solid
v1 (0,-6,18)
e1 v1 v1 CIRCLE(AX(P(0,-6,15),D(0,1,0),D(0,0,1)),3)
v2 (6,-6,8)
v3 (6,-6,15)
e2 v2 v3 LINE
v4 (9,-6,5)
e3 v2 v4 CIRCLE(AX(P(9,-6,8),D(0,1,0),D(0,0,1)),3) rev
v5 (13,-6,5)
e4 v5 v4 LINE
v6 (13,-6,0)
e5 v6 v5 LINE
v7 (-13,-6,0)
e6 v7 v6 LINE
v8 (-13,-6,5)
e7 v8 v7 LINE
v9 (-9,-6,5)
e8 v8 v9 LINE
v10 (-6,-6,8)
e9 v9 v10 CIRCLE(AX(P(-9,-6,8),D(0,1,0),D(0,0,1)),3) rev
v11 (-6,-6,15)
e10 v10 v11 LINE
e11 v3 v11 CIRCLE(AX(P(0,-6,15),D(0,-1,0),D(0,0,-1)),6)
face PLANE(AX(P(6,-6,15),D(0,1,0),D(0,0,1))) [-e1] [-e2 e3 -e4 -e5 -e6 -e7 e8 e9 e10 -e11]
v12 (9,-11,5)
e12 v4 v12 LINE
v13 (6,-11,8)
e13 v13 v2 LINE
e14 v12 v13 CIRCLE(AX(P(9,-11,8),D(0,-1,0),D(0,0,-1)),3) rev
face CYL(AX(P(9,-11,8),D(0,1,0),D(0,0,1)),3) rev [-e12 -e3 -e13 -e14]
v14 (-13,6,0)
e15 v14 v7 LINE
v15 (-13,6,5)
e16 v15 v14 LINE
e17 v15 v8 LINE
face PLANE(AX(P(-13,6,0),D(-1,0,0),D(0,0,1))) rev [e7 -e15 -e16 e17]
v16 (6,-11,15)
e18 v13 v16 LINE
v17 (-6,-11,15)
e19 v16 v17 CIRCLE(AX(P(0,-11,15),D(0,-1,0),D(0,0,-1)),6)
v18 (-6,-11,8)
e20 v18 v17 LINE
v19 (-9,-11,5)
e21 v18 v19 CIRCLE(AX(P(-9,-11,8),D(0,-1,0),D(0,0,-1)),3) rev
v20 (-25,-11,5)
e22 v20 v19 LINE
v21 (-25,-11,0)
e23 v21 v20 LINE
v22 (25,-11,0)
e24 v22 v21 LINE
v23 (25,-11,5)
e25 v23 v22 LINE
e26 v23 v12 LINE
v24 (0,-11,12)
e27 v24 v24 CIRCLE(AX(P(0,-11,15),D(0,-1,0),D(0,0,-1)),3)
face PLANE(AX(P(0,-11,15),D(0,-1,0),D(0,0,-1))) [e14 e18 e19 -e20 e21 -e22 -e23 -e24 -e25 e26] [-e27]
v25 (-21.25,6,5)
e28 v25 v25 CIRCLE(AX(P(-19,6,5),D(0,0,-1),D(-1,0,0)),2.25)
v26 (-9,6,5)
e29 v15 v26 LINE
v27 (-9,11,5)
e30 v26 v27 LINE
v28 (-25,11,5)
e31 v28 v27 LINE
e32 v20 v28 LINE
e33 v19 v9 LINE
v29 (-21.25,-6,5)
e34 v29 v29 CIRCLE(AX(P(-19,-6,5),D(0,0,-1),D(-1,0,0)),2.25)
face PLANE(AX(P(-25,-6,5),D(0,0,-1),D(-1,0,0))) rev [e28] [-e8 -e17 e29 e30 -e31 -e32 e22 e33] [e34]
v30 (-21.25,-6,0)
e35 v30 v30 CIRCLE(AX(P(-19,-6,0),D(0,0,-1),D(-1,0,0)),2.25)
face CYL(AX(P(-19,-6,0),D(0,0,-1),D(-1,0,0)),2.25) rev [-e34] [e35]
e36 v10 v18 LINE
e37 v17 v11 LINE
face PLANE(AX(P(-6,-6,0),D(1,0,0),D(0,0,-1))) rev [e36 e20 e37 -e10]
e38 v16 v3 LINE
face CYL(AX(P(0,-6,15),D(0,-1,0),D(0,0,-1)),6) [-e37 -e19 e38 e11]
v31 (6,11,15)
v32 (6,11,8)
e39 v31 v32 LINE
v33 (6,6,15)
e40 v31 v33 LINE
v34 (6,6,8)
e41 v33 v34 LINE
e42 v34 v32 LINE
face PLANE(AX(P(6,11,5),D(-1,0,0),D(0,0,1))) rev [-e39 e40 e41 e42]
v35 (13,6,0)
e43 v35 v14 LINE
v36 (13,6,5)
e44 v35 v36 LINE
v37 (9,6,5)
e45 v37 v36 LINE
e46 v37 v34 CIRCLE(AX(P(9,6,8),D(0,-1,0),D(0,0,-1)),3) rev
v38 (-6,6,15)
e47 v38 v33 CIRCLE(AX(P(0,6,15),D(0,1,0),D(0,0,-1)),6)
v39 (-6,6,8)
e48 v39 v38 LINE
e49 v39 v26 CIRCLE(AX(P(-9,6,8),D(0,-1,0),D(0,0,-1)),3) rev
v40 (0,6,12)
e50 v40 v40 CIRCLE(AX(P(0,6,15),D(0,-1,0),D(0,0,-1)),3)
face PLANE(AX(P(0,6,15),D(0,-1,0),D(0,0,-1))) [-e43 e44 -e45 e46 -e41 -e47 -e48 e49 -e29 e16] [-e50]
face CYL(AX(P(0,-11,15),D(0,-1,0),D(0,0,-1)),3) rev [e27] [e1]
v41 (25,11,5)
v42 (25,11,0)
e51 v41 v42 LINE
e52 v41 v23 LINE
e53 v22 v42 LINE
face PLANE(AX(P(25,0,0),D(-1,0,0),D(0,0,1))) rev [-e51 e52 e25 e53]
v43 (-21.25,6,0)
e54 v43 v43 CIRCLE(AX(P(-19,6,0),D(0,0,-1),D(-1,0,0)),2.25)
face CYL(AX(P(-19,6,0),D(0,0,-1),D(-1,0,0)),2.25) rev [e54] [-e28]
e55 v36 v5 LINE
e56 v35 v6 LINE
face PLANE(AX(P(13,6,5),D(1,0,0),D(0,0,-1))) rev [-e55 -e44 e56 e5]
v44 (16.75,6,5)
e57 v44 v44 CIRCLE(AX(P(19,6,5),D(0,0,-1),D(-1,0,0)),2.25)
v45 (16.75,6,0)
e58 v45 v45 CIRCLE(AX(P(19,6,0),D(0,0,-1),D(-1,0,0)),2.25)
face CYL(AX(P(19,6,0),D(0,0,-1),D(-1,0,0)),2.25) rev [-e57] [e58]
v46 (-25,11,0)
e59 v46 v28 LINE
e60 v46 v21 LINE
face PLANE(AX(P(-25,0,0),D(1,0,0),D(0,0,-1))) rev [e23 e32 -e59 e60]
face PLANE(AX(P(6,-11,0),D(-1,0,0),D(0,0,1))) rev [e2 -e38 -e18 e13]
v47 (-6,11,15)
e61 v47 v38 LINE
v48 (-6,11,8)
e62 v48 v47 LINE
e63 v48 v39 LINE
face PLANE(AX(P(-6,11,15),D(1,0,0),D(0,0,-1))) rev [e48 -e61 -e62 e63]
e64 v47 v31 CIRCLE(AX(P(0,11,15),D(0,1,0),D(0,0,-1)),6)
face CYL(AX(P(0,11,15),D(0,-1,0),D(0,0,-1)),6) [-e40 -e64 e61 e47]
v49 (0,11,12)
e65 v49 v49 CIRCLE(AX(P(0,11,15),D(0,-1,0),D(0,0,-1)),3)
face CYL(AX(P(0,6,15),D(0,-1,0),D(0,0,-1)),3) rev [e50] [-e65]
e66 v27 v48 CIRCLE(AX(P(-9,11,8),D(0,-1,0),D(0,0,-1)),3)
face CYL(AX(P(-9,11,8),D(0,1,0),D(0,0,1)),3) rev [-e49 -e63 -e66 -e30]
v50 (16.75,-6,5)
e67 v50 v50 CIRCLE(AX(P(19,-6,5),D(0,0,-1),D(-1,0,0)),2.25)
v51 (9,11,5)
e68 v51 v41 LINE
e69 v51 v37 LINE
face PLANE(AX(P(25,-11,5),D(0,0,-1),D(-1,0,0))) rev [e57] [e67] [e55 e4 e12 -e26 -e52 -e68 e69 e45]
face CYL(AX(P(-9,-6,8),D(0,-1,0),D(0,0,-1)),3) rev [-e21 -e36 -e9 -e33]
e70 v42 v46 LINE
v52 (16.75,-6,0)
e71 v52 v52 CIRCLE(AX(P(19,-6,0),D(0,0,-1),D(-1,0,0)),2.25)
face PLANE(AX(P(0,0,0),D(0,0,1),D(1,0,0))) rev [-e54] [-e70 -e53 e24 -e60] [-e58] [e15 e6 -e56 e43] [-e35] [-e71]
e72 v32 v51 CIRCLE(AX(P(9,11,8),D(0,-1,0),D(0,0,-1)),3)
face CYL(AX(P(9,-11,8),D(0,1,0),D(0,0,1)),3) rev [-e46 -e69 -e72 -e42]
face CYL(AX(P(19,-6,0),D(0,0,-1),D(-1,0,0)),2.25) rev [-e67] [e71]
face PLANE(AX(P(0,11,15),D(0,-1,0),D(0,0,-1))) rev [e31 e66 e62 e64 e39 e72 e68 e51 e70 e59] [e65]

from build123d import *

# Parameters (mm, degrees)
SKETCH_1_W                = 6
SKETCH_1_H                = 5
REVOLVE_1_ANGLE           = 180
SKETCH_2_W                = 12
SKETCH_2_H                = 5
EXTRUDE_1_DEPTH           = 15
SKETCH_3_W                = 5
SKETCH_3_H                = 5
EXTRUDE_2_DEPTH           = 19
SKETCH_4_W                = 5
SKETCH_4_H                = 5
EXTRUDE_3_DEPTH           = 19
SKETCH_5_W                = 12
SKETCH_5_H                = 5
EXTRUDE_4_DEPTH           = 12
SKETCH_6_W                = 12
SKETCH_6_H                = 5
EXTRUDE_5_DEPTH           = 12
EXTRUDE_START             = 5
EXTRUDE_6_DEPTH           = 5
HOLE_WIZARD_6_0_6_1_D     = 6
HOLE_WIZARD_6_0_6_1_DEPTH = 5
HOLE_WIZARD_6_0_6_2_D     = 6
HOLE_WIZARD_6_0_6_2_DEPTH = 22
HOLE_WIZARD_4_5_4_5_1_D   = 4.5
FILLET_1_R                = 3


with BuildPart() as part:
    # 草图1 → 旋转1 (revolve)
    with BuildSketch(Plane(origin=(0, 0, 15), x_dir=(-1, 0, 0), z_dir=(0, 0, -1))):
        with Locations((3, -8.5)):
            Rectangle(SKETCH_1_W, SKETCH_1_H)
    revolve(axis=Axis((0, -6, 15), (0, 1, 0)), revolution_arc=REVOLVE_1_ANGLE)

    # 草图2 → 凸台-拉伸1 (add)
    with BuildSketch(Plane(origin=(0, 0, 15), x_dir=(-1, 0, 0), z_dir=(0, 0, -1))):
        with Locations((0, -8.5)):
            Rectangle(SKETCH_2_W, SKETCH_2_H)
    extrude(amount=EXTRUDE_1_DEPTH)

    # 草图3 → 凸台-拉伸2 (add)
    with BuildSketch(Plane.ZY.offset(6)):
        with Locations((2.5, -8.5)):
            Rectangle(SKETCH_3_W, SKETCH_3_H)
    extrude(amount=EXTRUDE_2_DEPTH)

    # 草图4 → 凸台-拉伸3 (add)
    with BuildSketch(Plane(origin=(6, 0, 0), x_dir=(0, 0, -1), z_dir=(1, 0, 0))):
        with Locations((-2.5, -8.5)):
            Rectangle(SKETCH_4_W, SKETCH_4_H)
    extrude(amount=EXTRUDE_3_DEPTH)

    # 草图5 → 凸台-拉伸4 (add)
    with BuildSketch(Plane(origin=(0, -6, 0), x_dir=(-1, 0, 0), z_dir=(0, 1, 0))):
        with Locations((-19, 2.5)):
            Rectangle(SKETCH_5_W, SKETCH_5_H)
    extrude(amount=EXTRUDE_4_DEPTH)

    # 草图6 → 凸台-拉伸5 (add)
    with BuildSketch(Plane(origin=(0, -6, 0), x_dir=(-1, 0, 0), z_dir=(0, 1, 0))):
        with Locations((19, 2.5)):
            Rectangle(SKETCH_6_W, SKETCH_6_H)
    extrude(amount=EXTRUDE_5_DEPTH)

    # 草图7 → 凸台-拉伸6 (add)
    with BuildSketch(Plane(origin=(0, 6, 0), x_dir=(-1, 0, 0), z_dir=(0, 1, 0)).offset(EXTRUDE_START)):
        with BuildLine():
            Line((25, 5), (25, 0))
            Line((25, 0), (-25, 0))
            Line((-25, 0), (-25, 5))
            Line((-25, 5), (-6, 5))
            Line((-6, 5), (-6, 15))
            ThreePointArc((-6, 15), (0, 21), (6, 15))
            Line((6, 15), (6, 5))
            Line((6, 5), (25, 5))
        make_face()
    extrude(amount=-EXTRUDE_6_DEPTH)

    # Ø6.0 (6) 直径孔1
    with Locations(Plane(origin=(0, 6, 0), x_dir=(-1, 0, 0), z_dir=(0, -1, 0))):
        with Locations((0, -15)):
            Hole(HOLE_WIZARD_6_0_6_1_D / 2, depth=HOLE_WIZARD_6_0_6_1_DEPTH)

    # Ø6.0 (6) 直径孔2
    with Locations(Plane(origin=(0, -11, 0), x_dir=(-1, 0, 0), z_dir=(0, -1, 0))):
        with Locations((0, -15)):
            Hole(HOLE_WIZARD_6_0_6_2_D / 2, depth=HOLE_WIZARD_6_0_6_2_DEPTH)

    # Ø4.5 (4.5) 直径孔1 (through all)
    with Locations(Plane(origin=(0, 0, 0), x_dir=(-1, 0, 0), z_dir=(0, 0, -1))):
        with Locations((-19, -6), (19, 6), (19, -6), (-19, 6)):
            Hole(HOLE_WIZARD_4_5_4_5_1_D / 2)

    # 圆角1
    fillet_1_edges = [part.edges().sort_by_distance(p)[0] for p in [
        (-6, -8.5, 5),
        (6, -8.5, 5),
        (-6, 8.5, 5),
        (6, 8.5, 5),
    ]]
    fillet(fillet_1_edges, radius=FILLET_1_R)


solid = part.part
